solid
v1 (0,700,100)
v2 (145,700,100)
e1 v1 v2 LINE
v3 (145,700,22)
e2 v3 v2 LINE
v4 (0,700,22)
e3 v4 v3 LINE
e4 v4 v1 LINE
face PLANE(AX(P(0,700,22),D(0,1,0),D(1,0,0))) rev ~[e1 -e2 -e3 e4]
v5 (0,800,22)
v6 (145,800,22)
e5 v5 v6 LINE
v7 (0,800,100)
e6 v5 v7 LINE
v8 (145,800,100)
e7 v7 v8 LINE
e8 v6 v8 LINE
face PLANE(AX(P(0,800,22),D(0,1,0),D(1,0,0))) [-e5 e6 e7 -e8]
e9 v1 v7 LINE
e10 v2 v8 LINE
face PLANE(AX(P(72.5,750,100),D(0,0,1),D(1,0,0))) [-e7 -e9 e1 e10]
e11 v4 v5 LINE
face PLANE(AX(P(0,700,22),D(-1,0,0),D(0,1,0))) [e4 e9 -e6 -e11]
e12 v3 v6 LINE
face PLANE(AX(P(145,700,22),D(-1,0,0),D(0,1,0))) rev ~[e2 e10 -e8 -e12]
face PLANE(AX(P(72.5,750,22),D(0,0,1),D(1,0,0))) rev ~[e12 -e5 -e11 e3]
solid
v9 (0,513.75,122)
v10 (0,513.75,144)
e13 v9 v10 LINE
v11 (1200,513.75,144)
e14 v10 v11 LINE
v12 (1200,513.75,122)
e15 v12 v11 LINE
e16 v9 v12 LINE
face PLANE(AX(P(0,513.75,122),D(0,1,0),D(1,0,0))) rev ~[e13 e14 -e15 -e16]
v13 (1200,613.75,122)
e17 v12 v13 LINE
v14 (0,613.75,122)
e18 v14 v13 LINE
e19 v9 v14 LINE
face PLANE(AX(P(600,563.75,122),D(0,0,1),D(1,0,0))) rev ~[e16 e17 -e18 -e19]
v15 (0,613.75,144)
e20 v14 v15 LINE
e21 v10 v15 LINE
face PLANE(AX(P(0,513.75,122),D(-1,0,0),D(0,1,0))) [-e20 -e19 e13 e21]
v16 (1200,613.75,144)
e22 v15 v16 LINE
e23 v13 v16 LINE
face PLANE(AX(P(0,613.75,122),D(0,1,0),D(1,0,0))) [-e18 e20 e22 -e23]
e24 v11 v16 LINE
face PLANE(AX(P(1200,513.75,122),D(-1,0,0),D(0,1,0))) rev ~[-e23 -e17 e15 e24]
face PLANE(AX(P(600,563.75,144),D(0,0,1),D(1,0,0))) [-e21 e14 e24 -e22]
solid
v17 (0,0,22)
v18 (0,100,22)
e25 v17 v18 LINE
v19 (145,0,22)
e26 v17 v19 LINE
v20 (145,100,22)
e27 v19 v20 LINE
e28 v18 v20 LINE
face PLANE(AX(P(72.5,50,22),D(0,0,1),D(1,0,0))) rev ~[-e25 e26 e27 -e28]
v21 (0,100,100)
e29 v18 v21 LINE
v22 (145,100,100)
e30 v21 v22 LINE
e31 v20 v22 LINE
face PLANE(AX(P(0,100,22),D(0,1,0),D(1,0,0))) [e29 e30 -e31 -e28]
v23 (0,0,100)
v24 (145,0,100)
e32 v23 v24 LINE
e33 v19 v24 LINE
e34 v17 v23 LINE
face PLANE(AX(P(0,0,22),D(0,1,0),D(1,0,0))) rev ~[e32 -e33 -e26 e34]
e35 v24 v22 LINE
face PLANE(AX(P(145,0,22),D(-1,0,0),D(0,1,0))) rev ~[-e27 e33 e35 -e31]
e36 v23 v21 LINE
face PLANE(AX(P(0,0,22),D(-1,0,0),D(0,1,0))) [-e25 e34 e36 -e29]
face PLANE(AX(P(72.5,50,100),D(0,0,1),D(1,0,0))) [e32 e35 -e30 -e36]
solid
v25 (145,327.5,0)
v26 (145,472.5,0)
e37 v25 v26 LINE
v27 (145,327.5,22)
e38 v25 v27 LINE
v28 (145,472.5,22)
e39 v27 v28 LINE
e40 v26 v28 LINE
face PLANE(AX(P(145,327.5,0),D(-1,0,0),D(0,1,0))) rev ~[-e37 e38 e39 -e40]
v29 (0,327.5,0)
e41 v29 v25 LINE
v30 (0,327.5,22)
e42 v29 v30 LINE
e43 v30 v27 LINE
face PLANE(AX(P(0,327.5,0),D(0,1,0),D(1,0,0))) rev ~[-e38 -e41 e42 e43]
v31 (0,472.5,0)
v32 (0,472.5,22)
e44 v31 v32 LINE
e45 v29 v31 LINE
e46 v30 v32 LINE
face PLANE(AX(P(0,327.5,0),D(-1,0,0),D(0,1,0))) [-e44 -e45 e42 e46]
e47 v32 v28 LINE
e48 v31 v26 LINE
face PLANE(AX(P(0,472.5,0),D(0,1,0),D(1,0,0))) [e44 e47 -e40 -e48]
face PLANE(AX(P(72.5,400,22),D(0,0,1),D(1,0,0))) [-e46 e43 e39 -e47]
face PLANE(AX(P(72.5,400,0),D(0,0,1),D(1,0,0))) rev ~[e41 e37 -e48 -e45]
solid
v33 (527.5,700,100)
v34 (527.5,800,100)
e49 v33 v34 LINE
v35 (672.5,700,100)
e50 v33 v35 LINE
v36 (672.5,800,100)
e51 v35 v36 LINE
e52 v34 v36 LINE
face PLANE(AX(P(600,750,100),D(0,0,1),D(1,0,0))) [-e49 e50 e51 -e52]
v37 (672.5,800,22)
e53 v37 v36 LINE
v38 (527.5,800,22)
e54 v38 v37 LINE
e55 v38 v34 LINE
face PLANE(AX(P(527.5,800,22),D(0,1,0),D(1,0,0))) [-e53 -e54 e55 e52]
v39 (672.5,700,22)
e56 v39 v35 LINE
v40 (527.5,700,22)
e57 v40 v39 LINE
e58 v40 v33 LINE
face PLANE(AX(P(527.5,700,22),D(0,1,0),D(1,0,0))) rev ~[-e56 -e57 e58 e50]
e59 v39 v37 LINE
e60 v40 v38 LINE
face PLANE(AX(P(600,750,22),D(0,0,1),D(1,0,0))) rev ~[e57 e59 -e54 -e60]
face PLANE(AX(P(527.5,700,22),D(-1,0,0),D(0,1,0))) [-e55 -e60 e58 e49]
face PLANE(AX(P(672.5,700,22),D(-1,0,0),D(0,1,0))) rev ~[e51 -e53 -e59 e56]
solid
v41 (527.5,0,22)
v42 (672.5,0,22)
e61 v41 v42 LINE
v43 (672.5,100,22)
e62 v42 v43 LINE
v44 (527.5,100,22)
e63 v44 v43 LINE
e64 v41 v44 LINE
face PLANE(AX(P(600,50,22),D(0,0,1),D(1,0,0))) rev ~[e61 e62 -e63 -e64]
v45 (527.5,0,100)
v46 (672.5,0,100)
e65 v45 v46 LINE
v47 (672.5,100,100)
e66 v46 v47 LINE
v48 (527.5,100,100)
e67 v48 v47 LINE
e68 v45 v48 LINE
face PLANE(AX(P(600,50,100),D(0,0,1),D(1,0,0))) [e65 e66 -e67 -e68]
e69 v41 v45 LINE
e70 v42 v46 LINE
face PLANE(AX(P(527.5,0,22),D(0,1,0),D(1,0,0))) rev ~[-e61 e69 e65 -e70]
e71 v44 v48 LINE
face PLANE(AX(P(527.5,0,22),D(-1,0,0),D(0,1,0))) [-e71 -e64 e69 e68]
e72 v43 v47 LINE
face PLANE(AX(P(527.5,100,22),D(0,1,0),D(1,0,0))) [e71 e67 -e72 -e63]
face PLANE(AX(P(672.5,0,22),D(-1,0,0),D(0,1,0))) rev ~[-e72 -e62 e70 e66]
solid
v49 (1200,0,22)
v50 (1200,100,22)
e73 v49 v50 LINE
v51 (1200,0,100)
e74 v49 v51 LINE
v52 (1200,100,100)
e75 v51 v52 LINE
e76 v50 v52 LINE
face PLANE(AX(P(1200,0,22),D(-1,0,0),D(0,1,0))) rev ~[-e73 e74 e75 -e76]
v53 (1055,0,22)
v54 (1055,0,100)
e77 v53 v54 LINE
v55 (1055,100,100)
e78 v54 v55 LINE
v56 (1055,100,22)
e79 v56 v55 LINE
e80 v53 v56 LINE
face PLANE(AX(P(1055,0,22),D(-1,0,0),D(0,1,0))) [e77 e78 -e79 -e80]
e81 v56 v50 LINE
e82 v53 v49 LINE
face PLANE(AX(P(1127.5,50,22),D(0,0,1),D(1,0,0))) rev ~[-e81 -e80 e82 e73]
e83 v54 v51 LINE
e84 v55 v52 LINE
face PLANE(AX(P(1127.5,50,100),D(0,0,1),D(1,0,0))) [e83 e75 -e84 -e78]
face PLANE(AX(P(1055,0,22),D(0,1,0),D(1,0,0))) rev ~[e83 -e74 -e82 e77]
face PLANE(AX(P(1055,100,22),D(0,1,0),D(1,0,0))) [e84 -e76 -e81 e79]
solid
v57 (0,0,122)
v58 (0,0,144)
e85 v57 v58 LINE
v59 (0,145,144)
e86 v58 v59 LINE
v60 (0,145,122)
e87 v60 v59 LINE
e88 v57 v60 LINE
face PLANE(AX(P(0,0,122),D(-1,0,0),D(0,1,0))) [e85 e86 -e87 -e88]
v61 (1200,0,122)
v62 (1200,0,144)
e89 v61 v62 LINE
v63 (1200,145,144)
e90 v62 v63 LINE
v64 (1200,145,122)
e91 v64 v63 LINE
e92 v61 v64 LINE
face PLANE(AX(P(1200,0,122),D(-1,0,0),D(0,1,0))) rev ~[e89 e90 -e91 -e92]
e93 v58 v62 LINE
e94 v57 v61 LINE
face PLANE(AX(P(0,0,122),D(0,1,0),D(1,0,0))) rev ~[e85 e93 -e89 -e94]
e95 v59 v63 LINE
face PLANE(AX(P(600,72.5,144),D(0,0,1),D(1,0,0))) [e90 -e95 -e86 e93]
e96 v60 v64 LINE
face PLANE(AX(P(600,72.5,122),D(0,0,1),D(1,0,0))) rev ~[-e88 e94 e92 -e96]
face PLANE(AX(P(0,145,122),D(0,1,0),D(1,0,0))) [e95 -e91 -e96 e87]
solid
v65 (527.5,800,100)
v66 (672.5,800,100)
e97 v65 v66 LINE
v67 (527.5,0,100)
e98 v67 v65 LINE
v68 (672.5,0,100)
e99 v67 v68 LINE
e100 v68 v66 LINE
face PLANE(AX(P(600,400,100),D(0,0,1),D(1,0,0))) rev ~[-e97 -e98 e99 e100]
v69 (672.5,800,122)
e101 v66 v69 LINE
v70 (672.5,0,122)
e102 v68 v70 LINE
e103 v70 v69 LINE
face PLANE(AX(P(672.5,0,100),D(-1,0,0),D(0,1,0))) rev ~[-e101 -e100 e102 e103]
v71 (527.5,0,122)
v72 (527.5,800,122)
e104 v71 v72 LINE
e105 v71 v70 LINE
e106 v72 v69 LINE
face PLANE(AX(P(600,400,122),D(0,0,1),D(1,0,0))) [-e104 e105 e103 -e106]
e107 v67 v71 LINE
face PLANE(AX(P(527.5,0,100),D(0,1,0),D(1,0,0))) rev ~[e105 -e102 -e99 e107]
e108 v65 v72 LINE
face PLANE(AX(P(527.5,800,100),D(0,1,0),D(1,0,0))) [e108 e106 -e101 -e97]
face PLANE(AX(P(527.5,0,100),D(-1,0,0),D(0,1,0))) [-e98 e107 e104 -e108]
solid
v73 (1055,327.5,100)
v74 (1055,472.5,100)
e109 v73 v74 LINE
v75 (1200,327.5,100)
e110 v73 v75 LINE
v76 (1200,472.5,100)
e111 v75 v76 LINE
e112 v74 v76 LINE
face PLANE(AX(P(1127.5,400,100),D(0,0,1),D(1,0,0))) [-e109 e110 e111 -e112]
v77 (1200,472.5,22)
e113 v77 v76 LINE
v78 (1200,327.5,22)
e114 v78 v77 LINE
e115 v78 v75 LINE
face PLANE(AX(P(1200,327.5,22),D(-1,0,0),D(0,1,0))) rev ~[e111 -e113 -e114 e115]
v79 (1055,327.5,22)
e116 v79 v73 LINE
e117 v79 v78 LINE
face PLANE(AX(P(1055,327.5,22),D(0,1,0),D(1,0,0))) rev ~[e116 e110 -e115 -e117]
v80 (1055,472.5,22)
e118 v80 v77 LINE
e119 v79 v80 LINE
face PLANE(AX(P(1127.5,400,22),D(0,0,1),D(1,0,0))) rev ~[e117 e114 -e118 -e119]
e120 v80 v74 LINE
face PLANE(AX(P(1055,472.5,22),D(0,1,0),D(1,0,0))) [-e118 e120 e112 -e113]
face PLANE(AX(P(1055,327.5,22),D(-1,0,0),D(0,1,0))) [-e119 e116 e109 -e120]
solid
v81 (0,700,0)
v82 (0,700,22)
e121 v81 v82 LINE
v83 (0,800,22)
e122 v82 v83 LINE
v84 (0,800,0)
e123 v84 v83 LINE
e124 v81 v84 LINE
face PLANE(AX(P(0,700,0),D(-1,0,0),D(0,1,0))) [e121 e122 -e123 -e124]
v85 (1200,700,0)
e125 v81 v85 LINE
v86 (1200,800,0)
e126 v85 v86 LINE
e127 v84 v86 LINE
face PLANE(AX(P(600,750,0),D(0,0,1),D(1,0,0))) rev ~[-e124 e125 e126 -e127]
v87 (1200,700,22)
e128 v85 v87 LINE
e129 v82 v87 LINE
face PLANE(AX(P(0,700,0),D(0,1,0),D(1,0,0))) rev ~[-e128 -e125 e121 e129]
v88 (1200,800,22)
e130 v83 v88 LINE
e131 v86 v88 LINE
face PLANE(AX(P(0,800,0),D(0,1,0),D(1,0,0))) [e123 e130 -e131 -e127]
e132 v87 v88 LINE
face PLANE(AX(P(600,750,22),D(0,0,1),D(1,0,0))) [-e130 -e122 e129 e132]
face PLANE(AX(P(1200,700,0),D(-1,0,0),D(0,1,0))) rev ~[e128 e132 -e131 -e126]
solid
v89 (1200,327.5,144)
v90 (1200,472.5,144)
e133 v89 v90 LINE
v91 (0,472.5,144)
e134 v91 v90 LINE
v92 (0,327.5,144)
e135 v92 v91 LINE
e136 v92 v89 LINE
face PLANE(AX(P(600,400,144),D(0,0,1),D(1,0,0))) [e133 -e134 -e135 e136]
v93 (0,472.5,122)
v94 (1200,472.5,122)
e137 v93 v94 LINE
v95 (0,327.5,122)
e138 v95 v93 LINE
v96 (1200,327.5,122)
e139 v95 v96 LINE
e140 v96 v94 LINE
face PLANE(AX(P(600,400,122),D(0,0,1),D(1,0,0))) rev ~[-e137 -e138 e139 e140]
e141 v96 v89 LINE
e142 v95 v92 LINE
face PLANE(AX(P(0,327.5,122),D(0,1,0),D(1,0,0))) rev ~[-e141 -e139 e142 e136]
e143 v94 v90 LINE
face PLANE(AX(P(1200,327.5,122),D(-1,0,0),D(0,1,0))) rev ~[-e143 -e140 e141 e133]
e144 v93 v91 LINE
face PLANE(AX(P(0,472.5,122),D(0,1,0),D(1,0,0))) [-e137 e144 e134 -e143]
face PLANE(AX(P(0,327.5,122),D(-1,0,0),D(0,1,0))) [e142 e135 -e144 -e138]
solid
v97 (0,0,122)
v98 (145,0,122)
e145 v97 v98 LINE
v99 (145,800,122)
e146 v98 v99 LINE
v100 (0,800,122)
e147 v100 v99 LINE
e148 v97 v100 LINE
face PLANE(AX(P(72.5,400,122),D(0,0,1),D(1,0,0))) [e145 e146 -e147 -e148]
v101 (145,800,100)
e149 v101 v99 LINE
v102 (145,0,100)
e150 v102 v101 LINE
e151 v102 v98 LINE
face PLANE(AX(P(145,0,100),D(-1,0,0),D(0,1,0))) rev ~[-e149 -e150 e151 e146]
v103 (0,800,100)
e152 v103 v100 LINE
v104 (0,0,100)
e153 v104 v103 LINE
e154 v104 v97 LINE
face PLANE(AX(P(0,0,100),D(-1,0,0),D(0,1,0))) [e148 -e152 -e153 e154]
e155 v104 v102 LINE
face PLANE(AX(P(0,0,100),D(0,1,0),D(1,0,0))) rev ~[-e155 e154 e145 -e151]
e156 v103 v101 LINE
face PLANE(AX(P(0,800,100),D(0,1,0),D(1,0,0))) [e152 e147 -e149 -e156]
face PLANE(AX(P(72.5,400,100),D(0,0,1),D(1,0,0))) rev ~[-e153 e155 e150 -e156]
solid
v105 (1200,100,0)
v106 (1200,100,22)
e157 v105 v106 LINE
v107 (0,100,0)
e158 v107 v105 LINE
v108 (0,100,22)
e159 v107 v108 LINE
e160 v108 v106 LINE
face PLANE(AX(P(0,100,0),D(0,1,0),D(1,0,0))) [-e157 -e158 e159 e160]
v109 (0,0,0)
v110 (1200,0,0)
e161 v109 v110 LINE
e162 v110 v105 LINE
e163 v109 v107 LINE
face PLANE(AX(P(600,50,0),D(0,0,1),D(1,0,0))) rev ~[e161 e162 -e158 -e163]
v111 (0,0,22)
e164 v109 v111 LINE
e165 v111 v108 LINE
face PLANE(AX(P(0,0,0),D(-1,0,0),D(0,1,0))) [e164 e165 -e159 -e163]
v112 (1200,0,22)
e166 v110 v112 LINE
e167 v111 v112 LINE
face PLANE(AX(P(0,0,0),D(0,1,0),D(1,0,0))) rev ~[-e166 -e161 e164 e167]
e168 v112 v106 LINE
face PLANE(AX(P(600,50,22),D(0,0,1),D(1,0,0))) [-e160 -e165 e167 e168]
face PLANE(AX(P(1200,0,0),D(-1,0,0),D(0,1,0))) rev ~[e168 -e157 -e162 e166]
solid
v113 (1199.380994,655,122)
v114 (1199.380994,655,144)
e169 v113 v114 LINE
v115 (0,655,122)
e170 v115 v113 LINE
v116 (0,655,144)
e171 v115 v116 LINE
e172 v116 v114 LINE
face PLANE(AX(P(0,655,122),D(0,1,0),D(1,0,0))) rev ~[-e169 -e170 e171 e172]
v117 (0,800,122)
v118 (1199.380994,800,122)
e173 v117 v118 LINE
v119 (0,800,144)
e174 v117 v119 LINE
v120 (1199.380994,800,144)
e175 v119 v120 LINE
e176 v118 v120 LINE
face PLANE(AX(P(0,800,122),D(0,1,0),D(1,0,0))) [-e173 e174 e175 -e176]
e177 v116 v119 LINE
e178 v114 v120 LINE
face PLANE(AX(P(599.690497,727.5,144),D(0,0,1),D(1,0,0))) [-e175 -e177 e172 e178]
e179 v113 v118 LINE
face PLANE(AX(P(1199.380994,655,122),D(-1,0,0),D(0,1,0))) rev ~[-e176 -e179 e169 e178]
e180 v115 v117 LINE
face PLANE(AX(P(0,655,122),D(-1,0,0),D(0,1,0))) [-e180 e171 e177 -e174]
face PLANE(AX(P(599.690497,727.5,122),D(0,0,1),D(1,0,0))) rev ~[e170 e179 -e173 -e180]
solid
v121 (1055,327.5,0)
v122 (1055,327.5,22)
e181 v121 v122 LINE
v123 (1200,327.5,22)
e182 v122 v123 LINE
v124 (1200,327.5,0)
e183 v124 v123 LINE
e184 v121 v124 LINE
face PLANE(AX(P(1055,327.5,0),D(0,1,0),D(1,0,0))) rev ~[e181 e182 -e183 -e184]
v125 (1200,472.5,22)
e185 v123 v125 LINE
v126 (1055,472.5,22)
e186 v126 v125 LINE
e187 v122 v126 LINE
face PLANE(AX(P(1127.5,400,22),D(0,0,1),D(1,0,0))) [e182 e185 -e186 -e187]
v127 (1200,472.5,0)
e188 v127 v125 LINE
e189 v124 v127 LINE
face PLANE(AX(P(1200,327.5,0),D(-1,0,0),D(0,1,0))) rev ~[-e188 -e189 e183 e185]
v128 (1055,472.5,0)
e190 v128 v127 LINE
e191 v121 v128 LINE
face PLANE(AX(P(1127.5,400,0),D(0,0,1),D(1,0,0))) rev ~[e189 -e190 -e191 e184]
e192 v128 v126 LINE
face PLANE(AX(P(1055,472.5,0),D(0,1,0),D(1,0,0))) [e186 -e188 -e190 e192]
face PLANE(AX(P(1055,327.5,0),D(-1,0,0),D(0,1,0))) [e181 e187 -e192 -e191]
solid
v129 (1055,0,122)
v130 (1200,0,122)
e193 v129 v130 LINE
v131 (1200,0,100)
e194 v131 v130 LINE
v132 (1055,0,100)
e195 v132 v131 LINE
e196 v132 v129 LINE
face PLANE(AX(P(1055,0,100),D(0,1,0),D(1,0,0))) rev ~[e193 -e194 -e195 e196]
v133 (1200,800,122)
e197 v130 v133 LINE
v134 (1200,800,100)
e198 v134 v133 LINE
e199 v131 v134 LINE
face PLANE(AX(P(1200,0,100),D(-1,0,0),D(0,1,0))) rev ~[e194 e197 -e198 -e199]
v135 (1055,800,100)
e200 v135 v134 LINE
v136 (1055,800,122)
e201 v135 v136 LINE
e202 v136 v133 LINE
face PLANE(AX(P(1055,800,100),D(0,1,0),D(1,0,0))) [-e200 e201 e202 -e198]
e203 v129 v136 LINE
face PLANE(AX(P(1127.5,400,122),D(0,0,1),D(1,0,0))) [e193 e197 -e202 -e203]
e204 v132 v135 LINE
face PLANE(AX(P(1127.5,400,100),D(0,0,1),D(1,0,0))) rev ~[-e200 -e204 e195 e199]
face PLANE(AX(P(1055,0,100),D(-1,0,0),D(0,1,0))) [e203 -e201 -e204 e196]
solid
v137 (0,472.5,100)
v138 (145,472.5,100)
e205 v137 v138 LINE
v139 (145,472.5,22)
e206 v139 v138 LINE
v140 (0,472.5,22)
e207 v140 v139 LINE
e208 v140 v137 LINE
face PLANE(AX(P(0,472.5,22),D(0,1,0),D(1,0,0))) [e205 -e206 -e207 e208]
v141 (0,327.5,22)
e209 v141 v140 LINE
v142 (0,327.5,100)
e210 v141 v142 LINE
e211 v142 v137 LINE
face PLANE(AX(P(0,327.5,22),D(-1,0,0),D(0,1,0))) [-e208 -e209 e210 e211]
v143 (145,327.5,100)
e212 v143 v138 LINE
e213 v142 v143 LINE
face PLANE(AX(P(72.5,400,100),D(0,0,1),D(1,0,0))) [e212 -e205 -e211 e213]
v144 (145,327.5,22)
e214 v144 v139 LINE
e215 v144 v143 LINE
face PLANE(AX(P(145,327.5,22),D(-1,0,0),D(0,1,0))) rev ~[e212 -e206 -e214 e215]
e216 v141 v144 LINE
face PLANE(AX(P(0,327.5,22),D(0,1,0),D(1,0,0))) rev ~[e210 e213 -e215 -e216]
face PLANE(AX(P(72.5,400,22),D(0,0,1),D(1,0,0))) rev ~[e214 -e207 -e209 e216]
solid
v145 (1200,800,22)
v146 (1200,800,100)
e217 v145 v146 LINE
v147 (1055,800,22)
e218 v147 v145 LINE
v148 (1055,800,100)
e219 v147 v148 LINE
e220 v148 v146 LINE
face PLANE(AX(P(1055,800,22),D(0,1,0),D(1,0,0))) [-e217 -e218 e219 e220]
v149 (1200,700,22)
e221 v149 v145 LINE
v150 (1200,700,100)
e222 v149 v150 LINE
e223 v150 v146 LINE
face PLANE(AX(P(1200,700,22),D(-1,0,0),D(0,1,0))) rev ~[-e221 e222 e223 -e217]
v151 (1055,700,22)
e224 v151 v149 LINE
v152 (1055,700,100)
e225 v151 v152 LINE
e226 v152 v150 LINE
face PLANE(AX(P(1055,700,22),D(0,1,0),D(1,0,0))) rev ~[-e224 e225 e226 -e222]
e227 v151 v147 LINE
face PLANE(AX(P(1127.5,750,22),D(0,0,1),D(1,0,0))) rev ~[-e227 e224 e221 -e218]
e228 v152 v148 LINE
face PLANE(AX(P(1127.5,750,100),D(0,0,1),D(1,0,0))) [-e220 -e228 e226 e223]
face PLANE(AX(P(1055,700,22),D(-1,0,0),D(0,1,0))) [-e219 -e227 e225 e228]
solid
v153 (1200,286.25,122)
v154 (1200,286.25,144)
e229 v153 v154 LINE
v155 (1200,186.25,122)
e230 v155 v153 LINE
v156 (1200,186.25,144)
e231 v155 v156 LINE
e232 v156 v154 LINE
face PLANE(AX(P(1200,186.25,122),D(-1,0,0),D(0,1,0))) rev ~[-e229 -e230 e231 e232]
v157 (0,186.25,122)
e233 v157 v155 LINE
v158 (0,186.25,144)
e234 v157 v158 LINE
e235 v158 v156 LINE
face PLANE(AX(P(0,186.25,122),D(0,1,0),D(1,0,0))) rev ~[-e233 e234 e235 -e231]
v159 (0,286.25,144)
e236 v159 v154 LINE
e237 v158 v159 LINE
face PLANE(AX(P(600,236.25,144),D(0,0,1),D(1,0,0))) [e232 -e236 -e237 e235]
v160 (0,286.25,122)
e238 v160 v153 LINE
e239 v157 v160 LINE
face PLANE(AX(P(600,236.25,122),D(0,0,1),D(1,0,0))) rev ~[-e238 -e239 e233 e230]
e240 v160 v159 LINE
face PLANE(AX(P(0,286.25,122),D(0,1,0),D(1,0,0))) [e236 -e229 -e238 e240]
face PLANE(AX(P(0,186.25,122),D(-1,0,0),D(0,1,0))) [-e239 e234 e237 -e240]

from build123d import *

# Parameters (mm, degrees)
F0_W     = 1200
F0_H     = 100
F0_W_2   = 145
F0_H_2   = 145
F1_DEPTH = 22
F2_W     = 145
F2_H     = 100
F2_H_2   = 145
F3_DEPTH = 78
F4_W     = 145
F4_H     = 800
F5_DEPTH = 22
F6_W     = 1200
F6_H     = 145
F6_W_2   = 1199.380994
F6_H_2   = 100
F7_DEPTH = 22


with BuildPart() as f1:
    # F0 (on Top) → F1 (new body)
    with BuildSketch(Plane.XY):
        with Locations((600, 750)):
            Rectangle(F0_W, F0_H)
        with Locations((600, 50)):
            Rectangle(F0_W, F0_H)
        with Locations((72.5, 400)):
            Rectangle(F0_W_2, F0_H_2)
        with Locations((1127.5, 400)):
            Rectangle(F0_W_2, F0_H_2)
    extrude(amount=F1_DEPTH)


with BuildPart() as f3:
    # F2 (on face) → F3 (new body)
    with BuildSketch(Plane.XY.offset(22)):
        with Locations((72.5, 750)):
            Rectangle(F2_W, F2_H)
        with Locations((1127.5, 750)):
            Rectangle(F2_W, F2_H)
        with Locations((1127.5, 400)):
            Rectangle(F2_W, F2_H_2)
        with Locations((72.5, 400)):
            Rectangle(F2_W, F2_H_2)
        with Locations((72.5, 50)):
            Rectangle(F2_W, F2_H)
        with Locations((1127.5, 50)):
            Rectangle(F2_W, F2_H)
        with Locations((600, 750)):
            Rectangle(F2_W, F2_H)
        with Locations((600, 50)):
            Rectangle(F2_W, F2_H)
    extrude(amount=F3_DEPTH)


with BuildPart() as f5:
    # F4 (on face) → F5 (new body)
    with BuildSketch(Plane.XY.offset(100)):
        with Locations((72.5, 400)):
            Rectangle(F4_W, F4_H)
        with Locations((600, 400)):
            Rectangle(F4_W, F4_H)
        with Locations((1127.5, 400)):
            Rectangle(F4_W, F4_H)
    extrude(amount=F5_DEPTH)


with BuildPart() as f7:
    # F6 (on face) → F7 (new body)
    with BuildSketch(Plane.XY.offset(122)):
        with Locations((600, 72.5)):
            Rectangle(F6_W, F6_H)
        with Locations((599.690497, 727.5)):
            Rectangle(F6_W_2, F6_H)
        with Locations((600, 563.75)):
            Rectangle(F6_W, F6_H_2)
        with Locations((600, 400)):
            Rectangle(F6_W, F6_H)
        with Locations((600, 236.25)):
            Rectangle(F6_W, F6_H_2)
    extrude(amount=F7_DEPTH)


solid = Compound([f1.part, f3.part, f5.part, f7.part])
